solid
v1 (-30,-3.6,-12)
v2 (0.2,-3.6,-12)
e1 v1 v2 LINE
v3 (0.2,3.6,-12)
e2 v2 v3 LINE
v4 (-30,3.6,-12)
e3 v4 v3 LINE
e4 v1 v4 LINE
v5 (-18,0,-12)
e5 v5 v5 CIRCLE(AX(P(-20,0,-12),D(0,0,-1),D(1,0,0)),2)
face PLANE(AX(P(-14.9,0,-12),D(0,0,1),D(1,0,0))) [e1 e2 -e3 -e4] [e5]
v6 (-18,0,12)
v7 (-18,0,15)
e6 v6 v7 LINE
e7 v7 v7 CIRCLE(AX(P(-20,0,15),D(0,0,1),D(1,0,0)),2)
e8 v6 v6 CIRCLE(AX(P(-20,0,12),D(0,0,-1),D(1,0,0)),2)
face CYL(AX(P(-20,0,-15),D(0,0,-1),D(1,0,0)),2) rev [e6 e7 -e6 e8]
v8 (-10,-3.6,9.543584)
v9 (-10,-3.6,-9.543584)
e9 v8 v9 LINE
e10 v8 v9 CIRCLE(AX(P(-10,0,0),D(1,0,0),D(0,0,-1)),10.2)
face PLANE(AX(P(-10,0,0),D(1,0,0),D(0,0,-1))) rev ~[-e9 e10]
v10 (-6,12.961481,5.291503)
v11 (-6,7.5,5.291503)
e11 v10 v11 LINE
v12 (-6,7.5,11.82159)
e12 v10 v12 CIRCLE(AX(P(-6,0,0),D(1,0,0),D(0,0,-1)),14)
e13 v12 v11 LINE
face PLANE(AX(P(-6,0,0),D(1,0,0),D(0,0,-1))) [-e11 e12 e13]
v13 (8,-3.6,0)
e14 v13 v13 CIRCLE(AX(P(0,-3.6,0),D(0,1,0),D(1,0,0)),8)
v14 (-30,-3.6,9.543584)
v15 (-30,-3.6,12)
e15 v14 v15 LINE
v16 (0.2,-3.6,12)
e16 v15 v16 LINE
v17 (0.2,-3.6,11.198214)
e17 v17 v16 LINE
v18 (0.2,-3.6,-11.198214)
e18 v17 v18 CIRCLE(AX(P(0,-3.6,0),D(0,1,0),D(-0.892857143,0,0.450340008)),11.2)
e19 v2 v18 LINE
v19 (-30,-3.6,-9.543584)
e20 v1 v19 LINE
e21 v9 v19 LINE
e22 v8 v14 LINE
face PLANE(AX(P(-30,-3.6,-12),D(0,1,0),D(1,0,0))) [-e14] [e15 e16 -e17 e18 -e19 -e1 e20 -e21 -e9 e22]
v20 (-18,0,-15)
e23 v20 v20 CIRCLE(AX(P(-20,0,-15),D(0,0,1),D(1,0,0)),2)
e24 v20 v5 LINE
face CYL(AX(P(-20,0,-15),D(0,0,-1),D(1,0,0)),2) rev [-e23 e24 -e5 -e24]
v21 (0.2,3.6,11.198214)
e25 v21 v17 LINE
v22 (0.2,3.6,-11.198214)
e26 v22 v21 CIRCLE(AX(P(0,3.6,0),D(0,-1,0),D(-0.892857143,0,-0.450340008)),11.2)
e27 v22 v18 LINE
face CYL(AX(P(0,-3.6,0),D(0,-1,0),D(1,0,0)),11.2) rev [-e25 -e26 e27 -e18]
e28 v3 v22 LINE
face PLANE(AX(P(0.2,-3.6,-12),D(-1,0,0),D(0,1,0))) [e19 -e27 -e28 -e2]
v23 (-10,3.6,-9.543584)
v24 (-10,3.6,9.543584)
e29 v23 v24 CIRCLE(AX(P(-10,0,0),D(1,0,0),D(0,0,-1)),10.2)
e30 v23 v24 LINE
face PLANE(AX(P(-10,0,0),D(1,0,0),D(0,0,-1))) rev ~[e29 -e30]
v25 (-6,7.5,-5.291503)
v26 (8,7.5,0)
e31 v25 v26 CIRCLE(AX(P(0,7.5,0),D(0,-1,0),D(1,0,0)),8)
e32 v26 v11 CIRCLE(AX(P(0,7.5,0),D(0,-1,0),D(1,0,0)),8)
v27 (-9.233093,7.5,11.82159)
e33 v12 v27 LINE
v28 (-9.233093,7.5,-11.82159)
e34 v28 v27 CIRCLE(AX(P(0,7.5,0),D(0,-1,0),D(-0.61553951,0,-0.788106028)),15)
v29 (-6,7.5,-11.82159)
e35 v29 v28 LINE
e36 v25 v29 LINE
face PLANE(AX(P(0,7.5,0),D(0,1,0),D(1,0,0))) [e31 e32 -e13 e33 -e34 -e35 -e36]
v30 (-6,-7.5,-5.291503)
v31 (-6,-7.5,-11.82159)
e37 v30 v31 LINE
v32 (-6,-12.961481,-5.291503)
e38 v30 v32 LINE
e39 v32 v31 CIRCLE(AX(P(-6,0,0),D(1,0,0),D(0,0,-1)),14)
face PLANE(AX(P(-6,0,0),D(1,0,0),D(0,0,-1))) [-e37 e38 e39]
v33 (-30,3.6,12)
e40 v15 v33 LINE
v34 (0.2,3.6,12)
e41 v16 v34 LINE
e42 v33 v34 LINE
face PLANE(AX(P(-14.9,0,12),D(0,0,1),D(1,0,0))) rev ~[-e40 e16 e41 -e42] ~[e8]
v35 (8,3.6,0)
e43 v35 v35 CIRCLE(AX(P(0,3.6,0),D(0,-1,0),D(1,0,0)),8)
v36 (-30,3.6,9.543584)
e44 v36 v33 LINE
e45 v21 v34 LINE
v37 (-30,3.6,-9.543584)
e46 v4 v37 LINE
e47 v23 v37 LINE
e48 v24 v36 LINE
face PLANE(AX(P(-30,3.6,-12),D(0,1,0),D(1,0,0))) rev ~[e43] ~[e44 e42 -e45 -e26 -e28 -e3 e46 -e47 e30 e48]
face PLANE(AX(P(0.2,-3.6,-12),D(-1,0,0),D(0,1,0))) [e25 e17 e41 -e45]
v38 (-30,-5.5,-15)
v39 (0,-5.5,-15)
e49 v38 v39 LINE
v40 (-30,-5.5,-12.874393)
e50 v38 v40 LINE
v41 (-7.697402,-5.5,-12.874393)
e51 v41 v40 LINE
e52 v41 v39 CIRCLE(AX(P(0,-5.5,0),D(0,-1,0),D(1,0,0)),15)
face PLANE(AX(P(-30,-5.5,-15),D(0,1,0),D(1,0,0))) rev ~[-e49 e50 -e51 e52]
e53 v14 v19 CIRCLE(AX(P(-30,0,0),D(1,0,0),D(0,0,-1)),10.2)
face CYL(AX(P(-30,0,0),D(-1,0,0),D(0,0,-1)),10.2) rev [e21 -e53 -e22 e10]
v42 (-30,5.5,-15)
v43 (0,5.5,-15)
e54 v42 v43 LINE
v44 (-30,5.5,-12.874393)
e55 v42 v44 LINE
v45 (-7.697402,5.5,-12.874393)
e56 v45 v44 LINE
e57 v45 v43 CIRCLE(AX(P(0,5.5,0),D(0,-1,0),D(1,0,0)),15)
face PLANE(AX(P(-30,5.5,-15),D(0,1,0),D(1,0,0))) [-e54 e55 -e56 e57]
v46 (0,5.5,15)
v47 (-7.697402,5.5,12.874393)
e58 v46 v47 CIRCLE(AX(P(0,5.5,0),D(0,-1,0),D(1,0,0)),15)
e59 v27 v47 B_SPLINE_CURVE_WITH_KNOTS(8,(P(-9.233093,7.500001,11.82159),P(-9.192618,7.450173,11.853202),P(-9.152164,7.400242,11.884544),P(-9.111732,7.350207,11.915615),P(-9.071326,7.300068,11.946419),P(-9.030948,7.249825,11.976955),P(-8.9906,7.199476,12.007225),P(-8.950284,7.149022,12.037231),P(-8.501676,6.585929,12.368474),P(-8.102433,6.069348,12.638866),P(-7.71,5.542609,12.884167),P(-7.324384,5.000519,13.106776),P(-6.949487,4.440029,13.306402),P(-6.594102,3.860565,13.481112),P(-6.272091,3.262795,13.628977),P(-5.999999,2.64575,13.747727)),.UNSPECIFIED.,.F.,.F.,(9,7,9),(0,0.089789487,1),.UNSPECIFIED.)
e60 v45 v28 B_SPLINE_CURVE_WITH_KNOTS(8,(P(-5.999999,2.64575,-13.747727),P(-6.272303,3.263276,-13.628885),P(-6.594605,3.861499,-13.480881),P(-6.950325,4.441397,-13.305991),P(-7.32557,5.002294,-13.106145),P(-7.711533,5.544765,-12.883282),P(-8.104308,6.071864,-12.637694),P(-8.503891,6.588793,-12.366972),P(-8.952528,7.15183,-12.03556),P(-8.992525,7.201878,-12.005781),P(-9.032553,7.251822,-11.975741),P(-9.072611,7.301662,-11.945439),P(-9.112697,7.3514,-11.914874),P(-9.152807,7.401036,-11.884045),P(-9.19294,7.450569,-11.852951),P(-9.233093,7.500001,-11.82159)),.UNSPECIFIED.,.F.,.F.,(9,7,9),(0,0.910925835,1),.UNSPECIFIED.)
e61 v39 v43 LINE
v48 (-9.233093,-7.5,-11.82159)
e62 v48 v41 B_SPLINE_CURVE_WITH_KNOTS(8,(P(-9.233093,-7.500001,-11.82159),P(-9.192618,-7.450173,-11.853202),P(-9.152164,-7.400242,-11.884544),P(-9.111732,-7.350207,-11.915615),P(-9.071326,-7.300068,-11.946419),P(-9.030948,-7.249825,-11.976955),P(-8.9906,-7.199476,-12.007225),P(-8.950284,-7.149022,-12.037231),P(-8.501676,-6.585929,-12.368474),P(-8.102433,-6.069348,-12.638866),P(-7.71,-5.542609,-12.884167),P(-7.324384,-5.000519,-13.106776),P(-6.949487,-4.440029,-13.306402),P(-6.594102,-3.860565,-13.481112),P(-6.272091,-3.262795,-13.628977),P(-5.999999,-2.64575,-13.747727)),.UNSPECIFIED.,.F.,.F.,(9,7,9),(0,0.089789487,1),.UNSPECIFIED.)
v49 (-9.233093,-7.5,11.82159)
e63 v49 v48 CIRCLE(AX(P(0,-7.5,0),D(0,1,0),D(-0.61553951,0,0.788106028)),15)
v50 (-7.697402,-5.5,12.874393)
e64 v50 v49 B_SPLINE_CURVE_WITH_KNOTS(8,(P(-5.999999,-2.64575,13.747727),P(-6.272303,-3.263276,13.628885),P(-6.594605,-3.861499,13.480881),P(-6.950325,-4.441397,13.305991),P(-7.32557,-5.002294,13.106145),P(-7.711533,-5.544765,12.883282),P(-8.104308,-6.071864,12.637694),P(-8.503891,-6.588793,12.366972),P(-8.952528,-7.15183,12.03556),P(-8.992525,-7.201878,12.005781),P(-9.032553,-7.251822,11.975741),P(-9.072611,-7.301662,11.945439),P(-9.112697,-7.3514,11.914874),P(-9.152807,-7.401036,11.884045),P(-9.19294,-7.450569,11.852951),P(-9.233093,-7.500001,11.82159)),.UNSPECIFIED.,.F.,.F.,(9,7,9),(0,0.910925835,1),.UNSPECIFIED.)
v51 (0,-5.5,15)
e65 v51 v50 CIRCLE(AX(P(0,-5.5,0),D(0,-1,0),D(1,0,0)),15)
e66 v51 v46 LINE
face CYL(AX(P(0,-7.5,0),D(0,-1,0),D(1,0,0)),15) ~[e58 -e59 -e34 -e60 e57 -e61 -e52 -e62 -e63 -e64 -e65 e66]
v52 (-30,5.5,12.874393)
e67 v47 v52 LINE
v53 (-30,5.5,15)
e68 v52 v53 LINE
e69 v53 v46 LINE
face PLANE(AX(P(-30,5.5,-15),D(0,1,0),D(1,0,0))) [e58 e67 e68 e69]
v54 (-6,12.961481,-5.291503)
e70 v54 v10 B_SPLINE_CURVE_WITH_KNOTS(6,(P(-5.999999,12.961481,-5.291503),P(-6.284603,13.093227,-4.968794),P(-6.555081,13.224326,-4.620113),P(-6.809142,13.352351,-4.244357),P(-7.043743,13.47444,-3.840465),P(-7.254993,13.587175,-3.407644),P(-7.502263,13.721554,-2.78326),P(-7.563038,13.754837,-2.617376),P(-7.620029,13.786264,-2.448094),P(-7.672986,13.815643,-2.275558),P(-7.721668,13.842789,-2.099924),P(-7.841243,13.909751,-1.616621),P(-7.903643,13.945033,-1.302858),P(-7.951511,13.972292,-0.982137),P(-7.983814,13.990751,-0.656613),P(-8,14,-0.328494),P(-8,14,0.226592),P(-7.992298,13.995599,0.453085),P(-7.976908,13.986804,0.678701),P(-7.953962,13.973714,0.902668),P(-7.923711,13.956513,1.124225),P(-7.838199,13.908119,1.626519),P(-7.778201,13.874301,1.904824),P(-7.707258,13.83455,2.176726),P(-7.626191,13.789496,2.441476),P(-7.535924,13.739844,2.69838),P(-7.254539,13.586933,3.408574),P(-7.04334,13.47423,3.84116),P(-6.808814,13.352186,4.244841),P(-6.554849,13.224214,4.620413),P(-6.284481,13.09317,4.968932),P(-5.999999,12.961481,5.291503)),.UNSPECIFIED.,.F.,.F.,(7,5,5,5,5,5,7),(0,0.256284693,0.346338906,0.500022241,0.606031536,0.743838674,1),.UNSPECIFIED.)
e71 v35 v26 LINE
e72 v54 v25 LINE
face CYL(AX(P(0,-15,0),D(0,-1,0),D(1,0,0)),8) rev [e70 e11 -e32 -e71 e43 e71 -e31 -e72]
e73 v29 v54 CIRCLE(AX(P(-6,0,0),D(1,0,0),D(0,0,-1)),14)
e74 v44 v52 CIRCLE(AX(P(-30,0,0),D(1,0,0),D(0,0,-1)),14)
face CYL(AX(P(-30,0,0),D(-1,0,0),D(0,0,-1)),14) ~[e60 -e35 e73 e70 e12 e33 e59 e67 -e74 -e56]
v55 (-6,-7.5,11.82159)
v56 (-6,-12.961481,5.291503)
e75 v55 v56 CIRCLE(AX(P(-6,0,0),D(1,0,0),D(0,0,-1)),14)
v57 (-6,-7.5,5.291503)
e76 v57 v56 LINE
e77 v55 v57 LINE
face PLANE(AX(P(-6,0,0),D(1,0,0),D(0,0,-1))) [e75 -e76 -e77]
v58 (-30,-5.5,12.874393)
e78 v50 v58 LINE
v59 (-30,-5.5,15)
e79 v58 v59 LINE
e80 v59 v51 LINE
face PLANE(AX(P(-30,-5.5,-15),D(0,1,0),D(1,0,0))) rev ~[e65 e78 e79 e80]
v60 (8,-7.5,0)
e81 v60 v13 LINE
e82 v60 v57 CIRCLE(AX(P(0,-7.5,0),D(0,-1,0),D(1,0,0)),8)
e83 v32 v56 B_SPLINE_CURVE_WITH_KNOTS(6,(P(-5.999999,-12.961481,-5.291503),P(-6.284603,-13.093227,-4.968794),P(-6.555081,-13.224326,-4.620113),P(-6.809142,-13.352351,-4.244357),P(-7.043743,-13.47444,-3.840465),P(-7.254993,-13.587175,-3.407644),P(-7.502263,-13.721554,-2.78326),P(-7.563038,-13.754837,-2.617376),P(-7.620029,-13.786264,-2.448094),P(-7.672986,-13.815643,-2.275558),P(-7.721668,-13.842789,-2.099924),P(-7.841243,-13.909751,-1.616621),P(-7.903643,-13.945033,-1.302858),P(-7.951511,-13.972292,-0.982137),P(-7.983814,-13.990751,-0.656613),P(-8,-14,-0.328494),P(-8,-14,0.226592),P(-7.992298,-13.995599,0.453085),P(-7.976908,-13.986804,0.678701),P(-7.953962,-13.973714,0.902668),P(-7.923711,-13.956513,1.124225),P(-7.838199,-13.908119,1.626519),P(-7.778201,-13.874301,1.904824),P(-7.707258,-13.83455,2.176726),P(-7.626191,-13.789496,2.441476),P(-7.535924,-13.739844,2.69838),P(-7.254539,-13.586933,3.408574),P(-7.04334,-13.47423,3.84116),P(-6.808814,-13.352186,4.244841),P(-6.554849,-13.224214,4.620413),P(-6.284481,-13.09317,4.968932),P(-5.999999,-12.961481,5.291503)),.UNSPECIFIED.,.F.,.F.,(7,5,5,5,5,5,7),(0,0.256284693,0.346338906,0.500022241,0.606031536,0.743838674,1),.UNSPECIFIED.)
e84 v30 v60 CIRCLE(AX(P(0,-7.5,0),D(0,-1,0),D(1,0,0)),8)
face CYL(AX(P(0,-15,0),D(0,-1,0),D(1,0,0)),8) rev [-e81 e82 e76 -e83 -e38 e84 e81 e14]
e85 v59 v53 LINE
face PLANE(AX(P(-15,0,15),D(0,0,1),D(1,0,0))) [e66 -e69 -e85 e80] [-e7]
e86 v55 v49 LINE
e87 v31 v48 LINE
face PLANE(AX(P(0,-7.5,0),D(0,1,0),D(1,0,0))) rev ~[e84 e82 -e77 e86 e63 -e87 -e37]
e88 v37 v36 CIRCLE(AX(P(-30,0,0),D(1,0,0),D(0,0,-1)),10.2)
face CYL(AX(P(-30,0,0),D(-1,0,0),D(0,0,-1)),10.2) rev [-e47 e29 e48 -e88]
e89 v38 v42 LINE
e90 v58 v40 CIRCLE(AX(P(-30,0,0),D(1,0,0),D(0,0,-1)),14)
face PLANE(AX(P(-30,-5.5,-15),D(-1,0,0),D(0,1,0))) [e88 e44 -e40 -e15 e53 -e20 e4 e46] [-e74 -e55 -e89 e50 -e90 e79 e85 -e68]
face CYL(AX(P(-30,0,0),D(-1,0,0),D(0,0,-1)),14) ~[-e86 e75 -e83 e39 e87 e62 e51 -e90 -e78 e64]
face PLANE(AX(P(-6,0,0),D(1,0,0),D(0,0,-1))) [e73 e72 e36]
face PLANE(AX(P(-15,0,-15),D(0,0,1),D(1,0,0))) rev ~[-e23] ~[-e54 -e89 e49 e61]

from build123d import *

# Parameters (mm, degrees)
CYLINDER003_R           = 10.2
CYLINDER003_DEPTH       = 20
CYLINDER003_PITCH_ANGLE = 90
CYLINDER_R              = 11.2
CYLINDER_DEPTH          = 7.2
CYLINDER_ROLL_ANGLE     = -90
CYLINDER005_R           = 2
CYLINDER005_DEPTH       = 30
BOX_W                   = 30.2
BOX_H                   = 7.2
BOX_DEPTH               = 24
CYLINDER004_R           = 8
CYLINDER004_DEPTH       = 30
CYLINDER004_ROLL_ANGLE  = -90
CYLINDER002_R           = 14
CYLINDER002_DEPTH       = 24
CYLINDER002_PITCH_ANGLE = 90
BOX001_W                = 30
BOX001_H                = 11
BOX001_DEPTH            = 30
CYLINDER001_R           = 15
CYLINDER001_DEPTH       = 15
CYLINDER001_ROLL_ANGLE  = -90


with BuildPart() as pipe:
    # Cylinder003 → Cylinder003 (new body)
    with BuildSketch(Plane.XY):
        Circle(CYLINDER003_R)
    extrude(amount=CYLINDER003_DEPTH)


with BuildPart() as pipe_1:
    # Cylinder003 pitch: moved
    add(pipe.part.rotate(Axis((0, 0, 0), (0, 1, 0)), CYLINDER003_PITCH_ANGLE))


with BuildPart() as pipe_2:
    # Cylinder003 placement: moved
    add(pipe_1.part.moved(Location((-30, 0, 0))))


with BuildPart() as bearing:
    # Cylinder → Cylinder (new body)
    with BuildSketch(Plane.XY):
        Circle(CYLINDER_R)
    extrude(amount=CYLINDER_DEPTH)


with BuildPart() as bearing_1:
    # Cylinder roll: moved
    add(bearing.part.rotate(Axis((0, 0, 0), (1, 0, 0)), CYLINDER_ROLL_ANGLE))


with BuildPart() as bearing_2:
    # Cylinder placement: moved
    add(bearing_1.part.moved(Location((0, -3.6, 0))))


with BuildPart() as cylinder003:
    # Cylinder005 → Cylinder005 (new body)
    with BuildSketch(Plane(origin=(-20, 0, -15), x_dir=(1, 0, 0), z_dir=(0, 0, 1))):
        Circle(CYLINDER005_R)
    extrude(amount=CYLINDER005_DEPTH)


with BuildPart() as cube:
    # Box → Box (new body)
    with BuildSketch(Plane(origin=(-30, -3.6, -12), x_dir=(1, 0, 0), z_dir=(0, 0, 1))):
        with Locations((15.1, 3.6)):
            Rectangle(BOX_W, BOX_H)
    extrude(amount=BOX_DEPTH)


with BuildPart() as negative_fusion:
    # Cylinder004 → Cylinder004 (new body)
    with BuildSketch(Plane.XY):
        Circle(CYLINDER004_R)
    extrude(amount=CYLINDER004_DEPTH)


with BuildPart() as negative_fusion_1:
    # Cylinder004 roll: moved
    add(negative_fusion.part.rotate(Axis((0, 0, 0), (1, 0, 0)), CYLINDER004_ROLL_ANGLE))


with BuildPart() as negative_fusion_2:
    # Cylinder004 placement: moved
    add(negative_fusion_1.part.moved(Location((0, -15, 0))))

    # Fusion001: union Pipe, Bearing, Cylinder003, Cube
    add(pipe_2.part)
    add(bearing_2.part)
    add(cylinder003.part)
    add(cube.part)


with BuildPart() as cylinder002:
    # Cylinder002 → Cylinder002 (new body)
    with BuildSketch(Plane.XY):
        Circle(CYLINDER002_R)
    extrude(amount=CYLINDER002_DEPTH)


with BuildPart() as cylinder002_1:
    # Cylinder002 pitch: moved
    add(cylinder002.part.rotate(Axis((0, 0, 0), (0, 1, 0)), CYLINDER002_PITCH_ANGLE))


with BuildPart() as cylinder002_2:
    # Cylinder002 placement: moved
    add(cylinder002_1.part.moved(Location((-30, 0, 0))))


with BuildPart() as cube001:
    # Box001 → Box001 (new body)
    with BuildSketch(Plane(origin=(-30, -5.5, -15), x_dir=(1, 0, 0), z_dir=(0, 0, 1))):
        with Locations((15, 5.5)):
            Rectangle(BOX001_W, BOX001_H)
    extrude(amount=BOX001_DEPTH)


with BuildPart() as cut:
    # Cylinder001 → Cylinder001 (new body)
    with BuildSketch(Plane.XY):
        Circle(CYLINDER001_R)
    extrude(amount=CYLINDER001_DEPTH)


with BuildPart() as cut_1:
    # Cylinder001 roll: moved
    add(cut.part.rotate(Axis((0, 0, 0), (1, 0, 0)), CYLINDER001_ROLL_ANGLE))


with BuildPart() as cut_2:
    # Cylinder001 placement: moved
    add(cut_1.part.moved(Location((0, -7.5, 0))))

    # Fusion: union Cylinder002, Cube001
    add(cylinder002_2.part)
    add(cube001.part)

    # Cut: cut Negative Fusion
    add(negative_fusion_2.part, mode=Mode.SUBTRACT)


solid = cut_2.part
